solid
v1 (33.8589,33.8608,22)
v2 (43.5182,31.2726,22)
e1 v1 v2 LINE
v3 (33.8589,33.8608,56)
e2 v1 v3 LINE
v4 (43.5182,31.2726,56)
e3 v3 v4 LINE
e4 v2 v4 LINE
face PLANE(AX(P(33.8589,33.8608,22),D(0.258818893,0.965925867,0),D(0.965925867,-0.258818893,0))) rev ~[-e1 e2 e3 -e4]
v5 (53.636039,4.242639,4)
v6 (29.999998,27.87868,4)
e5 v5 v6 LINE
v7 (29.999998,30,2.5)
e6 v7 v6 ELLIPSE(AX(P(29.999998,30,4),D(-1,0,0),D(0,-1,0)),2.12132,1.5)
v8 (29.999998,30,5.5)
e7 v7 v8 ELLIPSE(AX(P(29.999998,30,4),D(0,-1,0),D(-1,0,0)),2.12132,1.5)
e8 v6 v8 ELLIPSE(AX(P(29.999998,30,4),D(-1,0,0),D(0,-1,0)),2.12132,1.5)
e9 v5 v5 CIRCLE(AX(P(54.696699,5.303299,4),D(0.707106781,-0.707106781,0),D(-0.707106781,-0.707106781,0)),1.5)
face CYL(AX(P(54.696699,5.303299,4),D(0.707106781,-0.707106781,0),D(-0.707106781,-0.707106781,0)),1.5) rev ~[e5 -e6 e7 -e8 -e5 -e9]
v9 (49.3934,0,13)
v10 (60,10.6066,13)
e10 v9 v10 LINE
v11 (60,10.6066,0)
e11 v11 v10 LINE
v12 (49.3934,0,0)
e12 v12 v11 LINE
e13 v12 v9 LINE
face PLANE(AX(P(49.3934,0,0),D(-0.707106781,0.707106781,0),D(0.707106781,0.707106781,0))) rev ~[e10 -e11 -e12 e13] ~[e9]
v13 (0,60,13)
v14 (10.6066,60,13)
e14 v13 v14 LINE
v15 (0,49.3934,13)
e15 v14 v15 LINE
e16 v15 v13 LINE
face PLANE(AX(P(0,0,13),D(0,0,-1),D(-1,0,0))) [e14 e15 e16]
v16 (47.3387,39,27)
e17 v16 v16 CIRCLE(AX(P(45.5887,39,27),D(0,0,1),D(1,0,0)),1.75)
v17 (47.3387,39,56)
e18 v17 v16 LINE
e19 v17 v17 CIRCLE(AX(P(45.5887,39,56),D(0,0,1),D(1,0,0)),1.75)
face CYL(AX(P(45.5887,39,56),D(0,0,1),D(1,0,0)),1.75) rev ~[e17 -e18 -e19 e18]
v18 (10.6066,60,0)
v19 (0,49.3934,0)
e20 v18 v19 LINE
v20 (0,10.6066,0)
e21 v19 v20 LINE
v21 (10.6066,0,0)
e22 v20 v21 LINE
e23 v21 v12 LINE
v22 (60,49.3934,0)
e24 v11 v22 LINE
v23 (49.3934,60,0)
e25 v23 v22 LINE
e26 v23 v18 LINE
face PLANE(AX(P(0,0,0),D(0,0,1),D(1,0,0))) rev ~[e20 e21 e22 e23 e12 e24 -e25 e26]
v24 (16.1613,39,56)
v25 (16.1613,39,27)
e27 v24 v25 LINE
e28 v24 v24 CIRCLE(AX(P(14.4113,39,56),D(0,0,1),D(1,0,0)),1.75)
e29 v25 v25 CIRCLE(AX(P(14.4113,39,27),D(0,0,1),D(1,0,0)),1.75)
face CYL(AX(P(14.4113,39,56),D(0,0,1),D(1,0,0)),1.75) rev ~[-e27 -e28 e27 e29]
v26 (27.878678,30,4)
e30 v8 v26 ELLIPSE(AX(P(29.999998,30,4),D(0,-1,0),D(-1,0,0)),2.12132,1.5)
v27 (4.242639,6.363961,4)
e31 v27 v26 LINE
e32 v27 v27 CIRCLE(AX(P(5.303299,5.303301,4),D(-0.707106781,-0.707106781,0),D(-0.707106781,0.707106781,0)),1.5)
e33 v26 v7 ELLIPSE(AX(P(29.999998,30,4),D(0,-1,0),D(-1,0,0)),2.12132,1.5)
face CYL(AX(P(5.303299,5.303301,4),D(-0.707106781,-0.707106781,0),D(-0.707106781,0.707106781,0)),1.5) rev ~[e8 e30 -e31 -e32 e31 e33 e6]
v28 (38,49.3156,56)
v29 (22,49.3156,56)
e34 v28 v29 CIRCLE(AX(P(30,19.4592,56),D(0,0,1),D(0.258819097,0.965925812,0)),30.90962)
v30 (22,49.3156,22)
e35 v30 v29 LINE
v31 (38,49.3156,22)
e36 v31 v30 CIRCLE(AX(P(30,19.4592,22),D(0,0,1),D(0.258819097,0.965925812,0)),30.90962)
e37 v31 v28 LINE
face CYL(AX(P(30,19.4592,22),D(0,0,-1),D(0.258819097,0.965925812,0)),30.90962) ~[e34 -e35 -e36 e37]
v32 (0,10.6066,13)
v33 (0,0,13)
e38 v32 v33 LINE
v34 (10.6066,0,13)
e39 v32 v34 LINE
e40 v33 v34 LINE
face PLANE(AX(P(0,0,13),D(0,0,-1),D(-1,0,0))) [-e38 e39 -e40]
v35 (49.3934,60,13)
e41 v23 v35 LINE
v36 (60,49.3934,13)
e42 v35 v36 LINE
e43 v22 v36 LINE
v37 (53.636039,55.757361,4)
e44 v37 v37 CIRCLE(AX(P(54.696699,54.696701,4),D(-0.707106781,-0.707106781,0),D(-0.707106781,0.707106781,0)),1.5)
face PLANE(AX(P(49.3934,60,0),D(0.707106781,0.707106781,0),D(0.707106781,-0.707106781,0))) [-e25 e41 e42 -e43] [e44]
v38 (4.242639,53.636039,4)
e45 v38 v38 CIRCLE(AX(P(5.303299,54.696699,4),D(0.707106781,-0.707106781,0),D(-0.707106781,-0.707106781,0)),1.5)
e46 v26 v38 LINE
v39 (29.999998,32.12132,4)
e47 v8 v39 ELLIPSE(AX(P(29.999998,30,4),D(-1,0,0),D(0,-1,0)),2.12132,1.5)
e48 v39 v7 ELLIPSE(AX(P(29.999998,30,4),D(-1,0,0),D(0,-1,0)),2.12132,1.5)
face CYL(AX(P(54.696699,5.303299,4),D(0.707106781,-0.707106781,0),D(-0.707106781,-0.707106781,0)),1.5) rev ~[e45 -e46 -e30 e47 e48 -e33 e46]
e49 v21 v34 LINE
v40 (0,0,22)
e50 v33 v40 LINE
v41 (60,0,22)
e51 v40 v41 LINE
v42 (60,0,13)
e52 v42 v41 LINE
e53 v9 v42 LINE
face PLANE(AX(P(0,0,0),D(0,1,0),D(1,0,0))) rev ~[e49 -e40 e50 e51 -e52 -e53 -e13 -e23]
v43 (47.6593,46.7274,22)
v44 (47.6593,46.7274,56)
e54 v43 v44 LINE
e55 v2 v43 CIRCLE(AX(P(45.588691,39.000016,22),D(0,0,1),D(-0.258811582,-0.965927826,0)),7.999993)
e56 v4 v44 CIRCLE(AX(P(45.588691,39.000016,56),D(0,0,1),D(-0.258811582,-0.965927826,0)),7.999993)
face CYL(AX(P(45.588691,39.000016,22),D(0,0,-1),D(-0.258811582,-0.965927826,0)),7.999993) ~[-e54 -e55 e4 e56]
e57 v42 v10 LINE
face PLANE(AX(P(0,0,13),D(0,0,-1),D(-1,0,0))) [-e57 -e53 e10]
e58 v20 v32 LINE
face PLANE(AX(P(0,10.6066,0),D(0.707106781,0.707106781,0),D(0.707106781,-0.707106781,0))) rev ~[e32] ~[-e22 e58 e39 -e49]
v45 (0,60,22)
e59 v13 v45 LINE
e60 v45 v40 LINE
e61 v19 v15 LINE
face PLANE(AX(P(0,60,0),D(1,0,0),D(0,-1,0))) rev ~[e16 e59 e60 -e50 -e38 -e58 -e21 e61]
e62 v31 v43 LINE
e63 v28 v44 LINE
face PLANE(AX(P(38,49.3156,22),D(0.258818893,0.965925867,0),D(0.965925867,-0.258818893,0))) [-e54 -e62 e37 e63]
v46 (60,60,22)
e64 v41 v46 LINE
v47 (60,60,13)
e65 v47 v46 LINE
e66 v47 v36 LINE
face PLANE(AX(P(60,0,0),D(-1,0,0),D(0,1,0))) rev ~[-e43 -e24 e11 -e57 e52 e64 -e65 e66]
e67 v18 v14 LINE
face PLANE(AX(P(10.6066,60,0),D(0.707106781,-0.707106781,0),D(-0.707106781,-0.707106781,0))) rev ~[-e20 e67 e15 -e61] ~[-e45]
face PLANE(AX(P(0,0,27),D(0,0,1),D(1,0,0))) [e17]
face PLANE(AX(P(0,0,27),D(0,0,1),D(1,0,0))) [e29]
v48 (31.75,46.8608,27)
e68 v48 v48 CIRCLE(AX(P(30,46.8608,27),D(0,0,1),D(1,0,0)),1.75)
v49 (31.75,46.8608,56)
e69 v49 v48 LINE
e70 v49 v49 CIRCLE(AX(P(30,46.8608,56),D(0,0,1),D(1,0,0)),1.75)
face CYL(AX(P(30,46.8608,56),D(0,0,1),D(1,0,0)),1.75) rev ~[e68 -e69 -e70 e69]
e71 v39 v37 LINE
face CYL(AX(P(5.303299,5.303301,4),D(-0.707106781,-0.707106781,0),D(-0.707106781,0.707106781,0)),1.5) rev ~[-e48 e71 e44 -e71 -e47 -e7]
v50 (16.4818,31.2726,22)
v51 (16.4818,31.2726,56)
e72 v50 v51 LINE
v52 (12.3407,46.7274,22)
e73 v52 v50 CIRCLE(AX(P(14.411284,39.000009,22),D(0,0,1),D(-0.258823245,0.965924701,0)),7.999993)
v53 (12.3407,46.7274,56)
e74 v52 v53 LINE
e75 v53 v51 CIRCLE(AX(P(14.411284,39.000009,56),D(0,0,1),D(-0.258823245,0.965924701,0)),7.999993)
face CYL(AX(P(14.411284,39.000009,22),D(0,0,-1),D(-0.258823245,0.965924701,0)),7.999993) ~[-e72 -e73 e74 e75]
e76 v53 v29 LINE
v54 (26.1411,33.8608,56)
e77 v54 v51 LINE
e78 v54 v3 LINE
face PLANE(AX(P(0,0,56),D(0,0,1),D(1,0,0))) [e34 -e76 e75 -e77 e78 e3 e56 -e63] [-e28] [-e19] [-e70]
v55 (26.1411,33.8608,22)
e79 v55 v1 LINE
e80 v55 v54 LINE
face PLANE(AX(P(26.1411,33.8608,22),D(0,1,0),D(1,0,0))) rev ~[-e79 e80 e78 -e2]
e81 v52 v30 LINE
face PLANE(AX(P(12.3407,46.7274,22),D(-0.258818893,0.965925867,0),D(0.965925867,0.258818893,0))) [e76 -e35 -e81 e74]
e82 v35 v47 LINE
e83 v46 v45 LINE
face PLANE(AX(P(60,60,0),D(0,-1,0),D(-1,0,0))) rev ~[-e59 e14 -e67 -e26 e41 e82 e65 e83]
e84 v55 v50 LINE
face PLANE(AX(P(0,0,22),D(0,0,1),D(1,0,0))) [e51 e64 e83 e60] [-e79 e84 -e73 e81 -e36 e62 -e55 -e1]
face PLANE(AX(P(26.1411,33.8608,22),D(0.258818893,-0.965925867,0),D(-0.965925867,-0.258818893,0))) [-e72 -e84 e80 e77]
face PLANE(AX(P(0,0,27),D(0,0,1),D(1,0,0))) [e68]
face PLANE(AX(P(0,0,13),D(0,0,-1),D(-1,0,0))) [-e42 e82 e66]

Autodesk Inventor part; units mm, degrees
ref_plane "YZ Plane" through (0, 0, 0) normal (1, 0, 0) x (0, 1, 0)
ref_plane "XZ Plane" through (0, 0, 0) normal (0, 1, 0) x (-1, 0, 0)
ref_plane "XY Plane" through (0, 0, 0) normal (0, 0, 1) x (1, 0, 0)
sketch "Sketch1" plane through (0, 0, 0) normal (0, 0, 1) x (1, 0, 0)
  line L0 (0, 0) -> (60, 0)
  line L1 (60, 0) -> (60, 60)
  line L2 (60, 60) -> (0, 60)
  line L3 (0, 60) -> (0, 0)
  dimension "d0" = 60
  dimension "d1" = 60
extrude "Extrusion1" add sketch "Sketch1" along normal blind 22
sketch "Sketch2" plane through (0, 0, 0) normal (0, 0, -1) x (-1, 0, 0)
  line L0 (0, 10.6066) -> (-10.6066, 0)
  line L1 (0, 10.6066) -> (0, 0)
  line L2 (0, 0) -> (-10.6066, 0)
  line L3 (0, 60) -> (-10.6066, 60)
  line L4 (-10.6066, 60) -> (0, 49.3934)
  line L5 (0, 49.3934) -> (0, 60)
  line L6 (-49.3934, 60) -> (-60, 60)
  line L7 (-60, 60) -> (-60, 49.3934)
  line L8 (-49.3934, 60) -> (-60, 49.3934)
  line L9 (-49.3934, 0) -> (-60, 0)
  line L10 (-60, 0) -> (-60, 10.6066)
  line L11 (-49.3934, 0) -> (-60, 10.6066)
  dimension "d4" = 15
  dimension "d7" = 15
  dimension "d8" = 15
  dimension "d9" = 15
extrude "Extrusion2" cut sketch "Sketch2" against normal blind 13
sketch "Sketch7" plane through (0, 0, 22) normal (0, 0, 1) x (1, 0, 0)
  circle A0 centre (45.5887, 39) radius 8 construction
  circle A1 centre (14.4113, 39) radius 8 construction
  line L0 (22, 49.3156) -> (26.1411, 33.8608) construction
  line L1 (26.1411, 33.8608) -> (16.4818, 31.2726)
  line L2 (12.3407, 46.7274) -> (22, 49.3156)
  line L3 (33.8589, 33.8608) -> (38, 49.3156) construction
  line L4 (38, 49.3156) -> (47.6593, 46.7274)
  line L5 (33.8589, 33.8608) -> (43.5182, 31.2726)
  line L6 (22, 49.3156) -> (38, 49.3156) construction
  line L7 (26.1411, 33.8608) -> (33.8589, 33.8608)
  arc A2 (12.3407, 46.7274) -> (16.4818, 31.2726) centre (14.4113, 39) ccw
  arc A3 (43.5182, 31.2726) -> (47.6593, 46.7274) centre (45.5887, 39) ccw
  line L8 (60, 60) -> (0, 60) projected
  arc A4 (38, 49.3156) -> (22, 49.3156) centre (30, 19.4592) ccw
  point P0 (0, 0)
  point P1 (30, 49.3156)
  point P2 (30, 60)
  dimension "d28" = 16
  dimension "d29" = 16
  dimension "d30" = 16
  dimension "d31" = 10
  dimension "d32" = 10
  dimension "d33" = 16
  dimension "d34" = 16
  dimension "d36" = 75
  dimension "d37" = 21
extrude "Extrusion7" add sketch "Sketch7" along normal blind 34
sketch "Sketch8" plane through (10.6066, 0, 13) normal (-0.7071, -0.7071, 0) x (-0.7071, 0.7071, 0)
  circle A0 centre (7.5, 9) radius 1.5
  line L0 (0, 13) -> (15, 13) projected
  point P0 (7.5, 13)
  point P1 (7.5, 13)
  dimension "d40" = 3
  dimension "d41" = 4
extrude "Extrusion8" cut sketch "Sketch8" against normal through all
sketch "Sketch9" plane through (60, 10.6066, 13) normal (0.7071, -0.7071, 0) x (-0.7071, -0.7071, 0)
  circle A0 centre (7.5, 9) radius 1.5
  line L0 (0, 13) -> (15, 13) projected
  point P0 (49.9264, 13)
  point P1 (7.5, 13)
  dimension "d44" = 3
  dimension "d45" = 4
extrude "Extrusion9" cut sketch "Sketch9" against normal through all
sketch "Sketch10" plane through (0, 0, 56) normal (0, 0, 1) x (1, 0, 0)
  line L0 (22, 49.3156) -> (12.3407, 46.7274) construction
  arc A0 (12.3407, 46.7274) -> (16.4818, 31.2726) centre (14.4113, 39) ccw construction
  line L1 (16.4818, 31.2726) -> (26.1411, 33.8608) construction
  line L2 (26.1411, 33.8608) -> (33.8589, 33.8608) construction
  line L3 (33.8589, 33.8608) -> (43.5182, 31.2726) construction
  arc A1 (43.5182, 31.2726) -> (47.6593, 46.7274) centre (45.5887, 39) ccw construction
  line L4 (47.6593, 46.7274) -> (38, 49.3156) construction
  arc A2 (38, 49.3156) -> (22, 49.3156) centre (30, 19.4592) ccw construction
  circle A3 centre (14.4113, 39) radius 1.75
  circle A4 centre (45.5887, 39) radius 1.75
  circle A5 centre (30, 46.8608) radius 1.75
  point P0 (0, 0)
  point P1 (30, 33.8608)
  dimension "d48" = 3.5
  dimension "d49" = 3.5
  dimension "d50" = 3.5
  dimension "d51" = 13
extrude "Extrusion10" cut sketch "Sketch10" against normal blind 29
properties part number "Base" material "ABS Plastic"
